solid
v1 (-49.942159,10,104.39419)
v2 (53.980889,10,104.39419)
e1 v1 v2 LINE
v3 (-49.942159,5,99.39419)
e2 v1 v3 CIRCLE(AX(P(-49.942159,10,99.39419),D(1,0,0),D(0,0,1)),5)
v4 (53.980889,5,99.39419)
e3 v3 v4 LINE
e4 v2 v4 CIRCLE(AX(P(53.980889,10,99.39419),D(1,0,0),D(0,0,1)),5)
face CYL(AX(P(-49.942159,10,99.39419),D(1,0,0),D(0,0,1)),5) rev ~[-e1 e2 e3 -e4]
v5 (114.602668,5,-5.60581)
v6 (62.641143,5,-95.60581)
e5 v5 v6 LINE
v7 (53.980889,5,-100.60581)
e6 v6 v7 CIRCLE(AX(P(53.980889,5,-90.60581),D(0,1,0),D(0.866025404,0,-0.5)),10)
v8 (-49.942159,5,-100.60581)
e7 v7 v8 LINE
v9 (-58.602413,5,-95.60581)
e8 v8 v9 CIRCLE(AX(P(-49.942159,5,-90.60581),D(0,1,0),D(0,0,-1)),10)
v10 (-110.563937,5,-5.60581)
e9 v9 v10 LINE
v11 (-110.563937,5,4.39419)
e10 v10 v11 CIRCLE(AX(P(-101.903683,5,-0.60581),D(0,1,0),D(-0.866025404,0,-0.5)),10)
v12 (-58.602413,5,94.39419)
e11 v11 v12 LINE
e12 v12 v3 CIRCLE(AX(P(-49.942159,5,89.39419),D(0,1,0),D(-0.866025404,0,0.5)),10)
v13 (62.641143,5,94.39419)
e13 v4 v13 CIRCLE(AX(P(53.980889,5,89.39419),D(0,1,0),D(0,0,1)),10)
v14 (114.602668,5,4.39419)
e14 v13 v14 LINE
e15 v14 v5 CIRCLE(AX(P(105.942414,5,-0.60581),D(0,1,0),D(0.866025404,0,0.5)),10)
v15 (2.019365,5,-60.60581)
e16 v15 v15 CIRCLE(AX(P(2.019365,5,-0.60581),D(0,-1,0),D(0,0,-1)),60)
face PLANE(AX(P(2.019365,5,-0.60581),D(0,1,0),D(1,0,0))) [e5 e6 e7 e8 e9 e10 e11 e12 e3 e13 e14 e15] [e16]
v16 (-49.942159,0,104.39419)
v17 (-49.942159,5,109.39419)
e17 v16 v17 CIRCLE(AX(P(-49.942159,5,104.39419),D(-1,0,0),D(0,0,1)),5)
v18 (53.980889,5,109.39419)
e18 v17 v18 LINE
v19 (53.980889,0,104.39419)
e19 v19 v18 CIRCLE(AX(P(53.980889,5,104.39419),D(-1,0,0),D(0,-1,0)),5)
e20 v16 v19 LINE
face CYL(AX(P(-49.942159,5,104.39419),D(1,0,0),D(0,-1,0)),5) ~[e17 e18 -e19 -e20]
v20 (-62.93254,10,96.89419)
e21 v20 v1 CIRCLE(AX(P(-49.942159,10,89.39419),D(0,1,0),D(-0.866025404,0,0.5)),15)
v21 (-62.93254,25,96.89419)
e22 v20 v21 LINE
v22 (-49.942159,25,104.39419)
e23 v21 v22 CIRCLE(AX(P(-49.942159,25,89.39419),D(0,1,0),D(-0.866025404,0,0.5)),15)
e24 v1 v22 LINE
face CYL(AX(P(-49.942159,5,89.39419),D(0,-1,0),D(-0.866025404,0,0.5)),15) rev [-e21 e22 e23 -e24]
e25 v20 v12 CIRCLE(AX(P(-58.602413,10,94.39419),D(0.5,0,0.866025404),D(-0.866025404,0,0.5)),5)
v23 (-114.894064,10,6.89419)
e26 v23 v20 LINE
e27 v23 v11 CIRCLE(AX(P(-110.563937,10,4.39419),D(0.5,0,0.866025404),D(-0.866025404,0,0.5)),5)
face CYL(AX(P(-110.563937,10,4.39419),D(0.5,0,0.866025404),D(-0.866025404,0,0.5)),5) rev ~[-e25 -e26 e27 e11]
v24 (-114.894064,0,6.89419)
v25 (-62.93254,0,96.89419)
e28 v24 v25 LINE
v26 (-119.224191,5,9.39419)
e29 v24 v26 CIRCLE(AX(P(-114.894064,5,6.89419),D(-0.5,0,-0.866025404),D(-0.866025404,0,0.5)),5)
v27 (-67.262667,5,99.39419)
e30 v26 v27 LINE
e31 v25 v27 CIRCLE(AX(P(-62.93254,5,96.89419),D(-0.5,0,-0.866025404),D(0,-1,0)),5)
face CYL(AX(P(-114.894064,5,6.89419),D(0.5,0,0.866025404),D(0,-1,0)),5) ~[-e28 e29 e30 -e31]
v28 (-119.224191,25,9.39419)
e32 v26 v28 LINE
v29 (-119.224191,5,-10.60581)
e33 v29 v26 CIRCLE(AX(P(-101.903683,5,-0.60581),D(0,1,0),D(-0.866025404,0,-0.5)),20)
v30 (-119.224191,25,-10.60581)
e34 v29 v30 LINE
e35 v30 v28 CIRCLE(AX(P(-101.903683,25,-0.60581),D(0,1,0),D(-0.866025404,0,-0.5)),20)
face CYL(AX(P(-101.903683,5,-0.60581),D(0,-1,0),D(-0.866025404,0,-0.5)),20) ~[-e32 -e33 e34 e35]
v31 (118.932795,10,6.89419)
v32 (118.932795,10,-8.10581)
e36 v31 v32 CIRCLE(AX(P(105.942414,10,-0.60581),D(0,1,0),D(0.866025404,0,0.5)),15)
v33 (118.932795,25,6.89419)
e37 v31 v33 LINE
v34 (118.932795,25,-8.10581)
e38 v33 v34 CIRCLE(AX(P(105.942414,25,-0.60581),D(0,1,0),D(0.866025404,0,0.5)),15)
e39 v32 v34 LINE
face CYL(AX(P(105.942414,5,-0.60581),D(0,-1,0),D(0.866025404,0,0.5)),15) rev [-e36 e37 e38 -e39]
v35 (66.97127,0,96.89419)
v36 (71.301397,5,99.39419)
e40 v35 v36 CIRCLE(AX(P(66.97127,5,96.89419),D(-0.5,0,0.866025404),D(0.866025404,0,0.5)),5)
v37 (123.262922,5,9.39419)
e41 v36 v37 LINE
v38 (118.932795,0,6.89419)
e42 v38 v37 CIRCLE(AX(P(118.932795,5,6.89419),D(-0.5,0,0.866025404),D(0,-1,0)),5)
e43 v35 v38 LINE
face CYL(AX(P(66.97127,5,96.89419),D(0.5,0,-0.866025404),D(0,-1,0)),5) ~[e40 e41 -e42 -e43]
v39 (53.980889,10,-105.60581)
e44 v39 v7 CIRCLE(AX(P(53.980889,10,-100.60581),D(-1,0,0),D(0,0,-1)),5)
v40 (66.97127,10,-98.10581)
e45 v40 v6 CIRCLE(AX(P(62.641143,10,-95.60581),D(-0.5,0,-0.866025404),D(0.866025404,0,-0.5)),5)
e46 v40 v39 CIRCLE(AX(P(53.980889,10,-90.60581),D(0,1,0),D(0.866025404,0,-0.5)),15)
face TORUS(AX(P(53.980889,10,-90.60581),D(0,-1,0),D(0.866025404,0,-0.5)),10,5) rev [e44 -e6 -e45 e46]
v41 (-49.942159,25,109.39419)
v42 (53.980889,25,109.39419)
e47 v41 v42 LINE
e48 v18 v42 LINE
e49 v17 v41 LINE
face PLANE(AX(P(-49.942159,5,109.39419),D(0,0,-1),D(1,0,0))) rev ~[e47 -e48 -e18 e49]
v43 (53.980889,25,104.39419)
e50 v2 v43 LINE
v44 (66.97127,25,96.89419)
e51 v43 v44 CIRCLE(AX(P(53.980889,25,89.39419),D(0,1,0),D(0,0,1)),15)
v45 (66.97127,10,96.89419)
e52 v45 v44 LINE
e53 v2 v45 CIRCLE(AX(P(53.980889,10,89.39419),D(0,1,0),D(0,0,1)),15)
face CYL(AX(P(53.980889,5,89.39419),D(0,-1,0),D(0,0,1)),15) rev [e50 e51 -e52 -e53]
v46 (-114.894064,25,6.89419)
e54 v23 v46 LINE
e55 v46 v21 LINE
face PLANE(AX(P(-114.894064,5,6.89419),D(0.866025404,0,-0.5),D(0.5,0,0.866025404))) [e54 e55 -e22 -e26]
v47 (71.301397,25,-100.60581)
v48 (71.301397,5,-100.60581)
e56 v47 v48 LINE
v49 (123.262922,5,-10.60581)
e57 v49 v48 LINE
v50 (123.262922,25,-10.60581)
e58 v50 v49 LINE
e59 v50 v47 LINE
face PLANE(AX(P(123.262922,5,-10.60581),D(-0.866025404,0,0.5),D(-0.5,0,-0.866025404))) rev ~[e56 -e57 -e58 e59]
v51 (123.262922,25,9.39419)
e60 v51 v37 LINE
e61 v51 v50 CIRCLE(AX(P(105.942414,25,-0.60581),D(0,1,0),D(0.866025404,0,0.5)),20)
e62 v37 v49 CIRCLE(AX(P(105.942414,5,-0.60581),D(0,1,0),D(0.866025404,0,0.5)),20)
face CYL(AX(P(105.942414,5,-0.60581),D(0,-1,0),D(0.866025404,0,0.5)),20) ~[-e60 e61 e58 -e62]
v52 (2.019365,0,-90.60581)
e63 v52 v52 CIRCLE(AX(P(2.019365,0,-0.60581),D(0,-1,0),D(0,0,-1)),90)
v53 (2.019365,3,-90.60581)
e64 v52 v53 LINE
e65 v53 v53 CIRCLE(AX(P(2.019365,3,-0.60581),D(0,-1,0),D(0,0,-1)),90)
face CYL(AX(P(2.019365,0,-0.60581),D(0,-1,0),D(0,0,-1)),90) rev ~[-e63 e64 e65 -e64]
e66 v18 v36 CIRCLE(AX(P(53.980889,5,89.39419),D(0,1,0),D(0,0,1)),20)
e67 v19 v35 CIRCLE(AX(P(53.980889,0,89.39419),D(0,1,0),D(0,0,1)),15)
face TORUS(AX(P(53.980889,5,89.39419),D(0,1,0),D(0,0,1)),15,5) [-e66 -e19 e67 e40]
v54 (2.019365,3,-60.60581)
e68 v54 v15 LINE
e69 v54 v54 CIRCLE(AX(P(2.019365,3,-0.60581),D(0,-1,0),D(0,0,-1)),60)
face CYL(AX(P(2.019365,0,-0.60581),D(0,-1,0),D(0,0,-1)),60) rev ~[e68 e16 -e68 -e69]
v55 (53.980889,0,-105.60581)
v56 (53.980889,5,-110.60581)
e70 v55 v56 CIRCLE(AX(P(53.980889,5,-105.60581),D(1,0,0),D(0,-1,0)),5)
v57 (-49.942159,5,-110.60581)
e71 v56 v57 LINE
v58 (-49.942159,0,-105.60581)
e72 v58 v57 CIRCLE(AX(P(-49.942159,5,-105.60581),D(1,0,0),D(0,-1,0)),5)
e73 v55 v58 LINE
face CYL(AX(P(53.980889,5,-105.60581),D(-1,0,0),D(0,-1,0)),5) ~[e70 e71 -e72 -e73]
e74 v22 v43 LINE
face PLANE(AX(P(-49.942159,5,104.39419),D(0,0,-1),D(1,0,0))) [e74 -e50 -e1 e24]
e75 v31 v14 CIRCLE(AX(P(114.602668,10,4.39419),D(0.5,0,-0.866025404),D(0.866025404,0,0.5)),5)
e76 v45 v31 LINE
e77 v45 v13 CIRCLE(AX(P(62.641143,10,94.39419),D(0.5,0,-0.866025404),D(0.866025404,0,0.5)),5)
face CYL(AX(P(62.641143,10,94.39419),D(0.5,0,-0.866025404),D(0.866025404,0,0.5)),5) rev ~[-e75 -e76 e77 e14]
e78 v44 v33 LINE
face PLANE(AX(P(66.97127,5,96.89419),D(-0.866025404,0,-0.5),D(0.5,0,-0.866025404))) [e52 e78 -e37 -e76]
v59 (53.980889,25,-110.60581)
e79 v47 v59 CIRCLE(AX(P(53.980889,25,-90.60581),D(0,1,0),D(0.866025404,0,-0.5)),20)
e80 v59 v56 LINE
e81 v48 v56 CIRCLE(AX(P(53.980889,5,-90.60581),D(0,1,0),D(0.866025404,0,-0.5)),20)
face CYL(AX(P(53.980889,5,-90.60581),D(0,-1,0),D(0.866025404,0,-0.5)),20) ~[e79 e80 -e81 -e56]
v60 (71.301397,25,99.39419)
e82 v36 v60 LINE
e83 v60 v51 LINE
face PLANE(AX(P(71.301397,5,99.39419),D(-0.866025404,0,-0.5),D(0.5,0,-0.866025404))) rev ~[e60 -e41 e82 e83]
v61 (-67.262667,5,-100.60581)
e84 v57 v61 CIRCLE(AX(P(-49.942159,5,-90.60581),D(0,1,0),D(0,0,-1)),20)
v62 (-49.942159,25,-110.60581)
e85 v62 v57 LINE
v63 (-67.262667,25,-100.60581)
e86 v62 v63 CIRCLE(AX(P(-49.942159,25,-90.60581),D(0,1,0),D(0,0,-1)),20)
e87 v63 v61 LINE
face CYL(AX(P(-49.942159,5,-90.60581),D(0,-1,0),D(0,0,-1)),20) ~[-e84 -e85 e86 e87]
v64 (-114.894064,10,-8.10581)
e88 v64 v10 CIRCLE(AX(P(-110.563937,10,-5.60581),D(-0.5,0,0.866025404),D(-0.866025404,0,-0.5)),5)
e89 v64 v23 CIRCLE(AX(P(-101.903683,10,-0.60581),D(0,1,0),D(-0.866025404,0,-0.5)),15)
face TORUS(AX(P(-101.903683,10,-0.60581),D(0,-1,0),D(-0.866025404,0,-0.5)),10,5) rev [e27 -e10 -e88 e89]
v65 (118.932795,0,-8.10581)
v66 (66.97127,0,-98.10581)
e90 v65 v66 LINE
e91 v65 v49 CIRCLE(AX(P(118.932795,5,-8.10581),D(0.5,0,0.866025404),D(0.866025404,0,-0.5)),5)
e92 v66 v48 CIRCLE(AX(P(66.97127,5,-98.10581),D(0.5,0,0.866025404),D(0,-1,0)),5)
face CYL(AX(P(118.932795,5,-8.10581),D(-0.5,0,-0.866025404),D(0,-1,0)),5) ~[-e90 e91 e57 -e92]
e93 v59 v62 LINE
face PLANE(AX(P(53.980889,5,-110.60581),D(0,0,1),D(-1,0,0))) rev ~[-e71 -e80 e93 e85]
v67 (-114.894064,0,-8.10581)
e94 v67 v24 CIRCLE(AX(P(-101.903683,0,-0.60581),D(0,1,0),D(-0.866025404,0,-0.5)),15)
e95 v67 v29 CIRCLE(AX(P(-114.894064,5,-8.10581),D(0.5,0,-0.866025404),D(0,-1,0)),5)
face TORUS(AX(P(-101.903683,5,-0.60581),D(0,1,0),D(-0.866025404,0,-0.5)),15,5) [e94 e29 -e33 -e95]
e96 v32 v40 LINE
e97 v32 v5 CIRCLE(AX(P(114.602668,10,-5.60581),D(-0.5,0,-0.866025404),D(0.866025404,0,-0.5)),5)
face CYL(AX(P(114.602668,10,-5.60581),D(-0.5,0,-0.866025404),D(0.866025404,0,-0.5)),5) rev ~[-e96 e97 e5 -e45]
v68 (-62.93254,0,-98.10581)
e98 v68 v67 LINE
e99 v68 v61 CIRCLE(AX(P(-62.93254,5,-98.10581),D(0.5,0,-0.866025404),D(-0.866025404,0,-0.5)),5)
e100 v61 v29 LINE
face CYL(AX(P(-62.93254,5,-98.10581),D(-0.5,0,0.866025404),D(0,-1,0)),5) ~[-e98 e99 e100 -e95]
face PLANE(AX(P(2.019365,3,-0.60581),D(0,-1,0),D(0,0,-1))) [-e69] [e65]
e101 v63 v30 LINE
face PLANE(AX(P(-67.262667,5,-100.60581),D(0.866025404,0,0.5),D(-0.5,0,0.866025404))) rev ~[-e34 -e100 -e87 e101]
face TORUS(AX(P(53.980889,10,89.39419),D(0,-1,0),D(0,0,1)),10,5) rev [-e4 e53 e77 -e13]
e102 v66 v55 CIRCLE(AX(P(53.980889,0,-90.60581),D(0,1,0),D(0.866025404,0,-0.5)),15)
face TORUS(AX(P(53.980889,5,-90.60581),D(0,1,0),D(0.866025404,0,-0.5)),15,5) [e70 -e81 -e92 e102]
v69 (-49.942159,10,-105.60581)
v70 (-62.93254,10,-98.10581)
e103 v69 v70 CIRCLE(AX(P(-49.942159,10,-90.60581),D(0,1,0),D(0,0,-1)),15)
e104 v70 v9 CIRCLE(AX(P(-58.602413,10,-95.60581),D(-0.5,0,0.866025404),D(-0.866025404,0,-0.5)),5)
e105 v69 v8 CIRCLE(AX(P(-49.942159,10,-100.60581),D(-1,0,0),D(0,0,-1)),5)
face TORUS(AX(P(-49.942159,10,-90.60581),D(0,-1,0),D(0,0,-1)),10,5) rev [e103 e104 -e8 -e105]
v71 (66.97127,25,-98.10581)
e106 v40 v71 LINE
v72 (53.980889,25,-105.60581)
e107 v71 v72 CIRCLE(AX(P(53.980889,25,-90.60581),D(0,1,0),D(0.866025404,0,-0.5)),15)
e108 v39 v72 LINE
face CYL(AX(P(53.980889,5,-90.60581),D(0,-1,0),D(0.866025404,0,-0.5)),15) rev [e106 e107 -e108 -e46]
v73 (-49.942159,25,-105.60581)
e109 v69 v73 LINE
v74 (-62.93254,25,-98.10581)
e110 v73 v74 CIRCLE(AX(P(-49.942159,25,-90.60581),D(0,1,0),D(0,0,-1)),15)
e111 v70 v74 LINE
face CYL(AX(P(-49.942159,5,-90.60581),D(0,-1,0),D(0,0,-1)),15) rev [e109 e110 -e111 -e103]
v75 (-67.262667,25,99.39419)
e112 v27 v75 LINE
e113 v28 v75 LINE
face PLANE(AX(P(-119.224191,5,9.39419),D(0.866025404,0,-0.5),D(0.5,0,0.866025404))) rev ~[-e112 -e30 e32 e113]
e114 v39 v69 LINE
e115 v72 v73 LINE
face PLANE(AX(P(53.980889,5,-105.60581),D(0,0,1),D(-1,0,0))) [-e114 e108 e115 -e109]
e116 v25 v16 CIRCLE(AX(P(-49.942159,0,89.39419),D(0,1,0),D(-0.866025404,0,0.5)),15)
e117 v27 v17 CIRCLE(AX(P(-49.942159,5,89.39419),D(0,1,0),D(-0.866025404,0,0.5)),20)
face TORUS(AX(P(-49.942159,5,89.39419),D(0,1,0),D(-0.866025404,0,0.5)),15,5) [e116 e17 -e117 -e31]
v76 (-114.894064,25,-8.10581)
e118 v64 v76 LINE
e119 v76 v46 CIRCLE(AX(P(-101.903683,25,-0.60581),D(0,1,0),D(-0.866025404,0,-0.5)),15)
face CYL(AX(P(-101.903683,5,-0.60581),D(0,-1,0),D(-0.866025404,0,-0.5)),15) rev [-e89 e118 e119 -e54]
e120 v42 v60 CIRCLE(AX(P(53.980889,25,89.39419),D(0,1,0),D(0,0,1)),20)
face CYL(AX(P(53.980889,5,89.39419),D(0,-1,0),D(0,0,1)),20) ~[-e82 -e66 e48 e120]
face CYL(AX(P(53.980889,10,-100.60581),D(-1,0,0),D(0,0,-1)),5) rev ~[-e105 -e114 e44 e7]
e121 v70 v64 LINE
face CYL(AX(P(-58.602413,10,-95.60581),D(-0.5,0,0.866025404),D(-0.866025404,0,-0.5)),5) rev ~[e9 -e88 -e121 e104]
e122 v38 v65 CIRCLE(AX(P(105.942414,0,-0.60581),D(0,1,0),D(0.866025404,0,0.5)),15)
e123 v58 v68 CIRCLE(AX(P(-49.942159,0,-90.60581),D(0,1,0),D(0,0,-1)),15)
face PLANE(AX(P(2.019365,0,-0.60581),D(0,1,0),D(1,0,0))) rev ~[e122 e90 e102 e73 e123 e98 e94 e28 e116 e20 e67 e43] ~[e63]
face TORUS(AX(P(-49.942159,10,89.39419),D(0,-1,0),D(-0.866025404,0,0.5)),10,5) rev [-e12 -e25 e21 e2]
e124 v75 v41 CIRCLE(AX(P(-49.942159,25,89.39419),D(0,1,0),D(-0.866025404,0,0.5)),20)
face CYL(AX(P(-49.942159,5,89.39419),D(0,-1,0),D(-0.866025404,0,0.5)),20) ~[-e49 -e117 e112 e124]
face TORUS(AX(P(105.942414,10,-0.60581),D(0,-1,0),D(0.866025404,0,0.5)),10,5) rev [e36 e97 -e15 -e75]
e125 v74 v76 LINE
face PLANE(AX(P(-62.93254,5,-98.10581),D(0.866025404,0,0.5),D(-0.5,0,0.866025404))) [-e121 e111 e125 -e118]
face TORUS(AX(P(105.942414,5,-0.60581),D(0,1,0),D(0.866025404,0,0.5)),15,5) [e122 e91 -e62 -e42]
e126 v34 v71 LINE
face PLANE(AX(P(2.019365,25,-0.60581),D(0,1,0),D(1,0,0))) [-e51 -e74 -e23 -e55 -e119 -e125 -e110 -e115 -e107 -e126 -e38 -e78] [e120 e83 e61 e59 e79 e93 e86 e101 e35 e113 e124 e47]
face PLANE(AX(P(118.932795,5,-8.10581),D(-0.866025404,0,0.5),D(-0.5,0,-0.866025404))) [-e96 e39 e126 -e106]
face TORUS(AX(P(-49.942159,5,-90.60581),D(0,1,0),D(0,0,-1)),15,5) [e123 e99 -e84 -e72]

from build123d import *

# Parameters (mm, degrees)
SALIENTE_EXTRUIR2_DEPTH = 5
SALIENTE_EXTRUIR3_DEPTH = 20
REDONDEO2_R             = 5
REDONDEO3_R             = 5
CROQUIS4_R              = 60
CORTAR_EXTRUIR1_DEPTH   = 10
CROQUIS3_R              = 90
CORTAR_EXTRUIR2_DEPTH   = 3


with BuildPart() as part:
    # Croquis1 → Saliente-Extruir2 (new body)
    with BuildSketch(Plane(origin=(0, 0, 0), x_dir=(1, 0, 0), z_dir=(0, 1, 0))):
        with BuildLine():
            Line((-119.224191345, -9.394190445), (-67.262667118, -99.394190445))
            ThreePointArc((-67.262667118, -99.394190445), (-59.942159042, -106.71469852), (-49.942159042, -109.394190445))
            Line((-49.942159042, -109.394190445), (53.980889412, -109.394190445))
            ThreePointArc((53.980889412, -109.394190445), (63.980889412, -106.71469852), (71.301397487, -99.394190445))
            Line((71.301397487, -99.394190445), (123.262921714, -9.394190445))
            ThreePointArc((123.262921714, -9.394190445), (125.942413639, 0.605809555), (123.262921714, 10.605809555))
            Line((123.262921714, 10.605809555), (71.301397487, 100.605809555))
            ThreePointArc((71.301397487, 100.605809555), (63.980889412, 107.926317631), (53.980889412, 110.605809555))
            Line((53.980889412, 110.605809555), (-49.942159042, 110.605809555))
            ThreePointArc((-49.942159042, 110.605809555), (-59.942159042, 107.926317631), (-67.262667118, 100.605809555))
            Line((-67.262667118, 100.605809555), (-119.224191345, 10.605809555))
            ThreePointArc((-119.224191345, 10.605809555), (-121.90368327, 0.605809555), (-119.224191345, -9.394190445))
        make_face()
    extrude(amount=SALIENTE_EXTRUIR2_DEPTH)

    # Croquis2 → Saliente-Extruir3 (add)
    with BuildSketch(Plane(origin=(0, 5, 0), x_dir=(1, 0, 0), z_dir=(0, 1, 0))):
        with BuildLine():
            Line((-67.262667118, 100.605809555), (-119.224191345, 10.605809555))
            ThreePointArc((-119.224191345, 10.605809555), (-121.90368327, 0.605809555), (-119.224191345, -9.394190445))
            Line((-119.224191345, -9.394190445), (-67.262667118, -99.394190445))
            ThreePointArc((-67.262667118, -99.394190445), (-59.942159042, -106.71469852), (-49.942159042, -109.394190445))
            Line((-49.942159042, -109.394190445), (53.980889412, -109.394190445))
            ThreePointArc((53.980889412, -109.394190445), (63.980889412, -106.71469852), (71.301397487, -99.394190445))
            Line((71.301397487, -99.394190445), (123.262921714, -9.394190445))
            ThreePointArc((123.262921714, -9.394190445), (125.942413639, 0.605809555), (123.262921714, 10.605809555))
            Line((123.262921714, 10.605809555), (71.301397487, 100.605809555))
            ThreePointArc((71.301397487, 100.605809555), (63.980889412, 107.926317631), (53.980889412, 110.605809555))
            Line((53.980889412, 110.605809555), (-49.942159042, 110.605809555))
            ThreePointArc((-49.942159042, 110.605809555), (-59.942159042, 107.926317631), (-67.262667118, 100.605809555))
        make_face()
        with BuildLine():
            Line((-62.932540099, 98.105809555), (-114.894064326, 8.105809555))
            ThreePointArc((-114.894064326, 8.105809555), (-116.90368327, 0.605809555), (-114.894064326, -6.894190445))
            Line((-114.894064326, -6.894190445), (-62.932540099, -96.894190445))
            ThreePointArc((-62.932540099, -96.894190445), (-57.442159042, -102.384571501), (-49.942159042, -104.394190445))
            Line((-49.942159042, -104.394190445), (53.980889412, -104.394190445))
            ThreePointArc((53.980889412, -104.394190445), (61.480889412, -102.384571501), (66.971270468, -96.894190445))
            Line((66.971270468, -96.894190445), (118.932794695, -6.894190445))
            ThreePointArc((118.932794695, -6.894190445), (120.942413639, 0.605809555), (118.932794695, 8.105809555))
            Line((118.932794695, 8.105809555), (66.971270468, 98.105809555))
            ThreePointArc((66.971270468, 98.105809555), (61.480889412, 103.596190612), (53.980889412, 105.605809555))
            Line((53.980889412, 105.605809555), (-49.942159042, 105.605809555))
            ThreePointArc((-49.942159042, 105.605809555), (-57.442159042, 103.596190612), (-62.932540099, 98.105809555))
        make_face(mode=Mode.SUBTRACT)
    extrude(amount=SALIENTE_EXTRUIR3_DEPTH)

    # Redondeo2
    redondeo2_edges = [part.edges().sort_by_distance(p)[0] for p in [
        (2.019365185, 0, -110.605809555),
        (63.980889412, 0, -107.926317631),
        (97.282159601, 0, -55.605809555),
        (125.942413639, 0, -0.605809555),
        (97.282159601, 0, 54.394190445),
        (63.980889412, 0, 106.71469852),
        (2.019365185, 0, 109.394190445),
        (-59.942159042, 0, 106.71469852),
        (-93.243429232, 0, 54.394190445),
        (-121.90368327, 0, -0.605809555),
        (-93.243429232, 0, -55.605809555),
        (-59.942159042, 0, -107.926317631),
    ]]
    fillet(redondeo2_edges, radius=REDONDEO2_R)

    # Redondeo3
    redondeo3_edges = [part.edges().sort_by_distance(p)[0] for p in [
        (-57.442159042, 5, -103.596190612),
        (-88.913302213, 5, -53.105809555),
        (-116.90368327, 5, -0.605809555),
        (-88.913302213, 5, 51.894190445),
        (-57.442159042, 5, 102.384571501),
        (2.019365185, 5, 104.394190445),
        (61.480889412, 5, 102.384571501),
        (92.952032582, 5, 51.894190445),
        (120.942413639, 5, -0.605809555),
        (92.952032582, 5, -53.105809555),
        (61.480889412, 5, -103.596190612),
        (2.019365185, 5, -105.605809555),
    ]]
    fillet(redondeo3_edges, radius=REDONDEO3_R)

    # Croquis4 → Cortar-Extruir1 (cut)
    with BuildSketch(Plane(origin=(0, 0, 0), x_dir=(-1, 0, 0), z_dir=(0, -1, 0))):
        with Locations(Location((-2.019365185, 0.605809555, 0), (0, 0, 90))):
            Circle(CROQUIS4_R)
    extrude(amount=-CORTAR_EXTRUIR1_DEPTH, mode=Mode.SUBTRACT)

    # Croquis3 → Cortar-Extruir2 (cut)
    with BuildSketch(Plane.XZ):
        with Locations(Location((2.019365185, -0.605809555, 0), (0, 0, 270))):
            Circle(CROQUIS3_R)
    extrude(amount=-CORTAR_EXTRUIR2_DEPTH, mode=Mode.SUBTRACT)


solid = part.part
